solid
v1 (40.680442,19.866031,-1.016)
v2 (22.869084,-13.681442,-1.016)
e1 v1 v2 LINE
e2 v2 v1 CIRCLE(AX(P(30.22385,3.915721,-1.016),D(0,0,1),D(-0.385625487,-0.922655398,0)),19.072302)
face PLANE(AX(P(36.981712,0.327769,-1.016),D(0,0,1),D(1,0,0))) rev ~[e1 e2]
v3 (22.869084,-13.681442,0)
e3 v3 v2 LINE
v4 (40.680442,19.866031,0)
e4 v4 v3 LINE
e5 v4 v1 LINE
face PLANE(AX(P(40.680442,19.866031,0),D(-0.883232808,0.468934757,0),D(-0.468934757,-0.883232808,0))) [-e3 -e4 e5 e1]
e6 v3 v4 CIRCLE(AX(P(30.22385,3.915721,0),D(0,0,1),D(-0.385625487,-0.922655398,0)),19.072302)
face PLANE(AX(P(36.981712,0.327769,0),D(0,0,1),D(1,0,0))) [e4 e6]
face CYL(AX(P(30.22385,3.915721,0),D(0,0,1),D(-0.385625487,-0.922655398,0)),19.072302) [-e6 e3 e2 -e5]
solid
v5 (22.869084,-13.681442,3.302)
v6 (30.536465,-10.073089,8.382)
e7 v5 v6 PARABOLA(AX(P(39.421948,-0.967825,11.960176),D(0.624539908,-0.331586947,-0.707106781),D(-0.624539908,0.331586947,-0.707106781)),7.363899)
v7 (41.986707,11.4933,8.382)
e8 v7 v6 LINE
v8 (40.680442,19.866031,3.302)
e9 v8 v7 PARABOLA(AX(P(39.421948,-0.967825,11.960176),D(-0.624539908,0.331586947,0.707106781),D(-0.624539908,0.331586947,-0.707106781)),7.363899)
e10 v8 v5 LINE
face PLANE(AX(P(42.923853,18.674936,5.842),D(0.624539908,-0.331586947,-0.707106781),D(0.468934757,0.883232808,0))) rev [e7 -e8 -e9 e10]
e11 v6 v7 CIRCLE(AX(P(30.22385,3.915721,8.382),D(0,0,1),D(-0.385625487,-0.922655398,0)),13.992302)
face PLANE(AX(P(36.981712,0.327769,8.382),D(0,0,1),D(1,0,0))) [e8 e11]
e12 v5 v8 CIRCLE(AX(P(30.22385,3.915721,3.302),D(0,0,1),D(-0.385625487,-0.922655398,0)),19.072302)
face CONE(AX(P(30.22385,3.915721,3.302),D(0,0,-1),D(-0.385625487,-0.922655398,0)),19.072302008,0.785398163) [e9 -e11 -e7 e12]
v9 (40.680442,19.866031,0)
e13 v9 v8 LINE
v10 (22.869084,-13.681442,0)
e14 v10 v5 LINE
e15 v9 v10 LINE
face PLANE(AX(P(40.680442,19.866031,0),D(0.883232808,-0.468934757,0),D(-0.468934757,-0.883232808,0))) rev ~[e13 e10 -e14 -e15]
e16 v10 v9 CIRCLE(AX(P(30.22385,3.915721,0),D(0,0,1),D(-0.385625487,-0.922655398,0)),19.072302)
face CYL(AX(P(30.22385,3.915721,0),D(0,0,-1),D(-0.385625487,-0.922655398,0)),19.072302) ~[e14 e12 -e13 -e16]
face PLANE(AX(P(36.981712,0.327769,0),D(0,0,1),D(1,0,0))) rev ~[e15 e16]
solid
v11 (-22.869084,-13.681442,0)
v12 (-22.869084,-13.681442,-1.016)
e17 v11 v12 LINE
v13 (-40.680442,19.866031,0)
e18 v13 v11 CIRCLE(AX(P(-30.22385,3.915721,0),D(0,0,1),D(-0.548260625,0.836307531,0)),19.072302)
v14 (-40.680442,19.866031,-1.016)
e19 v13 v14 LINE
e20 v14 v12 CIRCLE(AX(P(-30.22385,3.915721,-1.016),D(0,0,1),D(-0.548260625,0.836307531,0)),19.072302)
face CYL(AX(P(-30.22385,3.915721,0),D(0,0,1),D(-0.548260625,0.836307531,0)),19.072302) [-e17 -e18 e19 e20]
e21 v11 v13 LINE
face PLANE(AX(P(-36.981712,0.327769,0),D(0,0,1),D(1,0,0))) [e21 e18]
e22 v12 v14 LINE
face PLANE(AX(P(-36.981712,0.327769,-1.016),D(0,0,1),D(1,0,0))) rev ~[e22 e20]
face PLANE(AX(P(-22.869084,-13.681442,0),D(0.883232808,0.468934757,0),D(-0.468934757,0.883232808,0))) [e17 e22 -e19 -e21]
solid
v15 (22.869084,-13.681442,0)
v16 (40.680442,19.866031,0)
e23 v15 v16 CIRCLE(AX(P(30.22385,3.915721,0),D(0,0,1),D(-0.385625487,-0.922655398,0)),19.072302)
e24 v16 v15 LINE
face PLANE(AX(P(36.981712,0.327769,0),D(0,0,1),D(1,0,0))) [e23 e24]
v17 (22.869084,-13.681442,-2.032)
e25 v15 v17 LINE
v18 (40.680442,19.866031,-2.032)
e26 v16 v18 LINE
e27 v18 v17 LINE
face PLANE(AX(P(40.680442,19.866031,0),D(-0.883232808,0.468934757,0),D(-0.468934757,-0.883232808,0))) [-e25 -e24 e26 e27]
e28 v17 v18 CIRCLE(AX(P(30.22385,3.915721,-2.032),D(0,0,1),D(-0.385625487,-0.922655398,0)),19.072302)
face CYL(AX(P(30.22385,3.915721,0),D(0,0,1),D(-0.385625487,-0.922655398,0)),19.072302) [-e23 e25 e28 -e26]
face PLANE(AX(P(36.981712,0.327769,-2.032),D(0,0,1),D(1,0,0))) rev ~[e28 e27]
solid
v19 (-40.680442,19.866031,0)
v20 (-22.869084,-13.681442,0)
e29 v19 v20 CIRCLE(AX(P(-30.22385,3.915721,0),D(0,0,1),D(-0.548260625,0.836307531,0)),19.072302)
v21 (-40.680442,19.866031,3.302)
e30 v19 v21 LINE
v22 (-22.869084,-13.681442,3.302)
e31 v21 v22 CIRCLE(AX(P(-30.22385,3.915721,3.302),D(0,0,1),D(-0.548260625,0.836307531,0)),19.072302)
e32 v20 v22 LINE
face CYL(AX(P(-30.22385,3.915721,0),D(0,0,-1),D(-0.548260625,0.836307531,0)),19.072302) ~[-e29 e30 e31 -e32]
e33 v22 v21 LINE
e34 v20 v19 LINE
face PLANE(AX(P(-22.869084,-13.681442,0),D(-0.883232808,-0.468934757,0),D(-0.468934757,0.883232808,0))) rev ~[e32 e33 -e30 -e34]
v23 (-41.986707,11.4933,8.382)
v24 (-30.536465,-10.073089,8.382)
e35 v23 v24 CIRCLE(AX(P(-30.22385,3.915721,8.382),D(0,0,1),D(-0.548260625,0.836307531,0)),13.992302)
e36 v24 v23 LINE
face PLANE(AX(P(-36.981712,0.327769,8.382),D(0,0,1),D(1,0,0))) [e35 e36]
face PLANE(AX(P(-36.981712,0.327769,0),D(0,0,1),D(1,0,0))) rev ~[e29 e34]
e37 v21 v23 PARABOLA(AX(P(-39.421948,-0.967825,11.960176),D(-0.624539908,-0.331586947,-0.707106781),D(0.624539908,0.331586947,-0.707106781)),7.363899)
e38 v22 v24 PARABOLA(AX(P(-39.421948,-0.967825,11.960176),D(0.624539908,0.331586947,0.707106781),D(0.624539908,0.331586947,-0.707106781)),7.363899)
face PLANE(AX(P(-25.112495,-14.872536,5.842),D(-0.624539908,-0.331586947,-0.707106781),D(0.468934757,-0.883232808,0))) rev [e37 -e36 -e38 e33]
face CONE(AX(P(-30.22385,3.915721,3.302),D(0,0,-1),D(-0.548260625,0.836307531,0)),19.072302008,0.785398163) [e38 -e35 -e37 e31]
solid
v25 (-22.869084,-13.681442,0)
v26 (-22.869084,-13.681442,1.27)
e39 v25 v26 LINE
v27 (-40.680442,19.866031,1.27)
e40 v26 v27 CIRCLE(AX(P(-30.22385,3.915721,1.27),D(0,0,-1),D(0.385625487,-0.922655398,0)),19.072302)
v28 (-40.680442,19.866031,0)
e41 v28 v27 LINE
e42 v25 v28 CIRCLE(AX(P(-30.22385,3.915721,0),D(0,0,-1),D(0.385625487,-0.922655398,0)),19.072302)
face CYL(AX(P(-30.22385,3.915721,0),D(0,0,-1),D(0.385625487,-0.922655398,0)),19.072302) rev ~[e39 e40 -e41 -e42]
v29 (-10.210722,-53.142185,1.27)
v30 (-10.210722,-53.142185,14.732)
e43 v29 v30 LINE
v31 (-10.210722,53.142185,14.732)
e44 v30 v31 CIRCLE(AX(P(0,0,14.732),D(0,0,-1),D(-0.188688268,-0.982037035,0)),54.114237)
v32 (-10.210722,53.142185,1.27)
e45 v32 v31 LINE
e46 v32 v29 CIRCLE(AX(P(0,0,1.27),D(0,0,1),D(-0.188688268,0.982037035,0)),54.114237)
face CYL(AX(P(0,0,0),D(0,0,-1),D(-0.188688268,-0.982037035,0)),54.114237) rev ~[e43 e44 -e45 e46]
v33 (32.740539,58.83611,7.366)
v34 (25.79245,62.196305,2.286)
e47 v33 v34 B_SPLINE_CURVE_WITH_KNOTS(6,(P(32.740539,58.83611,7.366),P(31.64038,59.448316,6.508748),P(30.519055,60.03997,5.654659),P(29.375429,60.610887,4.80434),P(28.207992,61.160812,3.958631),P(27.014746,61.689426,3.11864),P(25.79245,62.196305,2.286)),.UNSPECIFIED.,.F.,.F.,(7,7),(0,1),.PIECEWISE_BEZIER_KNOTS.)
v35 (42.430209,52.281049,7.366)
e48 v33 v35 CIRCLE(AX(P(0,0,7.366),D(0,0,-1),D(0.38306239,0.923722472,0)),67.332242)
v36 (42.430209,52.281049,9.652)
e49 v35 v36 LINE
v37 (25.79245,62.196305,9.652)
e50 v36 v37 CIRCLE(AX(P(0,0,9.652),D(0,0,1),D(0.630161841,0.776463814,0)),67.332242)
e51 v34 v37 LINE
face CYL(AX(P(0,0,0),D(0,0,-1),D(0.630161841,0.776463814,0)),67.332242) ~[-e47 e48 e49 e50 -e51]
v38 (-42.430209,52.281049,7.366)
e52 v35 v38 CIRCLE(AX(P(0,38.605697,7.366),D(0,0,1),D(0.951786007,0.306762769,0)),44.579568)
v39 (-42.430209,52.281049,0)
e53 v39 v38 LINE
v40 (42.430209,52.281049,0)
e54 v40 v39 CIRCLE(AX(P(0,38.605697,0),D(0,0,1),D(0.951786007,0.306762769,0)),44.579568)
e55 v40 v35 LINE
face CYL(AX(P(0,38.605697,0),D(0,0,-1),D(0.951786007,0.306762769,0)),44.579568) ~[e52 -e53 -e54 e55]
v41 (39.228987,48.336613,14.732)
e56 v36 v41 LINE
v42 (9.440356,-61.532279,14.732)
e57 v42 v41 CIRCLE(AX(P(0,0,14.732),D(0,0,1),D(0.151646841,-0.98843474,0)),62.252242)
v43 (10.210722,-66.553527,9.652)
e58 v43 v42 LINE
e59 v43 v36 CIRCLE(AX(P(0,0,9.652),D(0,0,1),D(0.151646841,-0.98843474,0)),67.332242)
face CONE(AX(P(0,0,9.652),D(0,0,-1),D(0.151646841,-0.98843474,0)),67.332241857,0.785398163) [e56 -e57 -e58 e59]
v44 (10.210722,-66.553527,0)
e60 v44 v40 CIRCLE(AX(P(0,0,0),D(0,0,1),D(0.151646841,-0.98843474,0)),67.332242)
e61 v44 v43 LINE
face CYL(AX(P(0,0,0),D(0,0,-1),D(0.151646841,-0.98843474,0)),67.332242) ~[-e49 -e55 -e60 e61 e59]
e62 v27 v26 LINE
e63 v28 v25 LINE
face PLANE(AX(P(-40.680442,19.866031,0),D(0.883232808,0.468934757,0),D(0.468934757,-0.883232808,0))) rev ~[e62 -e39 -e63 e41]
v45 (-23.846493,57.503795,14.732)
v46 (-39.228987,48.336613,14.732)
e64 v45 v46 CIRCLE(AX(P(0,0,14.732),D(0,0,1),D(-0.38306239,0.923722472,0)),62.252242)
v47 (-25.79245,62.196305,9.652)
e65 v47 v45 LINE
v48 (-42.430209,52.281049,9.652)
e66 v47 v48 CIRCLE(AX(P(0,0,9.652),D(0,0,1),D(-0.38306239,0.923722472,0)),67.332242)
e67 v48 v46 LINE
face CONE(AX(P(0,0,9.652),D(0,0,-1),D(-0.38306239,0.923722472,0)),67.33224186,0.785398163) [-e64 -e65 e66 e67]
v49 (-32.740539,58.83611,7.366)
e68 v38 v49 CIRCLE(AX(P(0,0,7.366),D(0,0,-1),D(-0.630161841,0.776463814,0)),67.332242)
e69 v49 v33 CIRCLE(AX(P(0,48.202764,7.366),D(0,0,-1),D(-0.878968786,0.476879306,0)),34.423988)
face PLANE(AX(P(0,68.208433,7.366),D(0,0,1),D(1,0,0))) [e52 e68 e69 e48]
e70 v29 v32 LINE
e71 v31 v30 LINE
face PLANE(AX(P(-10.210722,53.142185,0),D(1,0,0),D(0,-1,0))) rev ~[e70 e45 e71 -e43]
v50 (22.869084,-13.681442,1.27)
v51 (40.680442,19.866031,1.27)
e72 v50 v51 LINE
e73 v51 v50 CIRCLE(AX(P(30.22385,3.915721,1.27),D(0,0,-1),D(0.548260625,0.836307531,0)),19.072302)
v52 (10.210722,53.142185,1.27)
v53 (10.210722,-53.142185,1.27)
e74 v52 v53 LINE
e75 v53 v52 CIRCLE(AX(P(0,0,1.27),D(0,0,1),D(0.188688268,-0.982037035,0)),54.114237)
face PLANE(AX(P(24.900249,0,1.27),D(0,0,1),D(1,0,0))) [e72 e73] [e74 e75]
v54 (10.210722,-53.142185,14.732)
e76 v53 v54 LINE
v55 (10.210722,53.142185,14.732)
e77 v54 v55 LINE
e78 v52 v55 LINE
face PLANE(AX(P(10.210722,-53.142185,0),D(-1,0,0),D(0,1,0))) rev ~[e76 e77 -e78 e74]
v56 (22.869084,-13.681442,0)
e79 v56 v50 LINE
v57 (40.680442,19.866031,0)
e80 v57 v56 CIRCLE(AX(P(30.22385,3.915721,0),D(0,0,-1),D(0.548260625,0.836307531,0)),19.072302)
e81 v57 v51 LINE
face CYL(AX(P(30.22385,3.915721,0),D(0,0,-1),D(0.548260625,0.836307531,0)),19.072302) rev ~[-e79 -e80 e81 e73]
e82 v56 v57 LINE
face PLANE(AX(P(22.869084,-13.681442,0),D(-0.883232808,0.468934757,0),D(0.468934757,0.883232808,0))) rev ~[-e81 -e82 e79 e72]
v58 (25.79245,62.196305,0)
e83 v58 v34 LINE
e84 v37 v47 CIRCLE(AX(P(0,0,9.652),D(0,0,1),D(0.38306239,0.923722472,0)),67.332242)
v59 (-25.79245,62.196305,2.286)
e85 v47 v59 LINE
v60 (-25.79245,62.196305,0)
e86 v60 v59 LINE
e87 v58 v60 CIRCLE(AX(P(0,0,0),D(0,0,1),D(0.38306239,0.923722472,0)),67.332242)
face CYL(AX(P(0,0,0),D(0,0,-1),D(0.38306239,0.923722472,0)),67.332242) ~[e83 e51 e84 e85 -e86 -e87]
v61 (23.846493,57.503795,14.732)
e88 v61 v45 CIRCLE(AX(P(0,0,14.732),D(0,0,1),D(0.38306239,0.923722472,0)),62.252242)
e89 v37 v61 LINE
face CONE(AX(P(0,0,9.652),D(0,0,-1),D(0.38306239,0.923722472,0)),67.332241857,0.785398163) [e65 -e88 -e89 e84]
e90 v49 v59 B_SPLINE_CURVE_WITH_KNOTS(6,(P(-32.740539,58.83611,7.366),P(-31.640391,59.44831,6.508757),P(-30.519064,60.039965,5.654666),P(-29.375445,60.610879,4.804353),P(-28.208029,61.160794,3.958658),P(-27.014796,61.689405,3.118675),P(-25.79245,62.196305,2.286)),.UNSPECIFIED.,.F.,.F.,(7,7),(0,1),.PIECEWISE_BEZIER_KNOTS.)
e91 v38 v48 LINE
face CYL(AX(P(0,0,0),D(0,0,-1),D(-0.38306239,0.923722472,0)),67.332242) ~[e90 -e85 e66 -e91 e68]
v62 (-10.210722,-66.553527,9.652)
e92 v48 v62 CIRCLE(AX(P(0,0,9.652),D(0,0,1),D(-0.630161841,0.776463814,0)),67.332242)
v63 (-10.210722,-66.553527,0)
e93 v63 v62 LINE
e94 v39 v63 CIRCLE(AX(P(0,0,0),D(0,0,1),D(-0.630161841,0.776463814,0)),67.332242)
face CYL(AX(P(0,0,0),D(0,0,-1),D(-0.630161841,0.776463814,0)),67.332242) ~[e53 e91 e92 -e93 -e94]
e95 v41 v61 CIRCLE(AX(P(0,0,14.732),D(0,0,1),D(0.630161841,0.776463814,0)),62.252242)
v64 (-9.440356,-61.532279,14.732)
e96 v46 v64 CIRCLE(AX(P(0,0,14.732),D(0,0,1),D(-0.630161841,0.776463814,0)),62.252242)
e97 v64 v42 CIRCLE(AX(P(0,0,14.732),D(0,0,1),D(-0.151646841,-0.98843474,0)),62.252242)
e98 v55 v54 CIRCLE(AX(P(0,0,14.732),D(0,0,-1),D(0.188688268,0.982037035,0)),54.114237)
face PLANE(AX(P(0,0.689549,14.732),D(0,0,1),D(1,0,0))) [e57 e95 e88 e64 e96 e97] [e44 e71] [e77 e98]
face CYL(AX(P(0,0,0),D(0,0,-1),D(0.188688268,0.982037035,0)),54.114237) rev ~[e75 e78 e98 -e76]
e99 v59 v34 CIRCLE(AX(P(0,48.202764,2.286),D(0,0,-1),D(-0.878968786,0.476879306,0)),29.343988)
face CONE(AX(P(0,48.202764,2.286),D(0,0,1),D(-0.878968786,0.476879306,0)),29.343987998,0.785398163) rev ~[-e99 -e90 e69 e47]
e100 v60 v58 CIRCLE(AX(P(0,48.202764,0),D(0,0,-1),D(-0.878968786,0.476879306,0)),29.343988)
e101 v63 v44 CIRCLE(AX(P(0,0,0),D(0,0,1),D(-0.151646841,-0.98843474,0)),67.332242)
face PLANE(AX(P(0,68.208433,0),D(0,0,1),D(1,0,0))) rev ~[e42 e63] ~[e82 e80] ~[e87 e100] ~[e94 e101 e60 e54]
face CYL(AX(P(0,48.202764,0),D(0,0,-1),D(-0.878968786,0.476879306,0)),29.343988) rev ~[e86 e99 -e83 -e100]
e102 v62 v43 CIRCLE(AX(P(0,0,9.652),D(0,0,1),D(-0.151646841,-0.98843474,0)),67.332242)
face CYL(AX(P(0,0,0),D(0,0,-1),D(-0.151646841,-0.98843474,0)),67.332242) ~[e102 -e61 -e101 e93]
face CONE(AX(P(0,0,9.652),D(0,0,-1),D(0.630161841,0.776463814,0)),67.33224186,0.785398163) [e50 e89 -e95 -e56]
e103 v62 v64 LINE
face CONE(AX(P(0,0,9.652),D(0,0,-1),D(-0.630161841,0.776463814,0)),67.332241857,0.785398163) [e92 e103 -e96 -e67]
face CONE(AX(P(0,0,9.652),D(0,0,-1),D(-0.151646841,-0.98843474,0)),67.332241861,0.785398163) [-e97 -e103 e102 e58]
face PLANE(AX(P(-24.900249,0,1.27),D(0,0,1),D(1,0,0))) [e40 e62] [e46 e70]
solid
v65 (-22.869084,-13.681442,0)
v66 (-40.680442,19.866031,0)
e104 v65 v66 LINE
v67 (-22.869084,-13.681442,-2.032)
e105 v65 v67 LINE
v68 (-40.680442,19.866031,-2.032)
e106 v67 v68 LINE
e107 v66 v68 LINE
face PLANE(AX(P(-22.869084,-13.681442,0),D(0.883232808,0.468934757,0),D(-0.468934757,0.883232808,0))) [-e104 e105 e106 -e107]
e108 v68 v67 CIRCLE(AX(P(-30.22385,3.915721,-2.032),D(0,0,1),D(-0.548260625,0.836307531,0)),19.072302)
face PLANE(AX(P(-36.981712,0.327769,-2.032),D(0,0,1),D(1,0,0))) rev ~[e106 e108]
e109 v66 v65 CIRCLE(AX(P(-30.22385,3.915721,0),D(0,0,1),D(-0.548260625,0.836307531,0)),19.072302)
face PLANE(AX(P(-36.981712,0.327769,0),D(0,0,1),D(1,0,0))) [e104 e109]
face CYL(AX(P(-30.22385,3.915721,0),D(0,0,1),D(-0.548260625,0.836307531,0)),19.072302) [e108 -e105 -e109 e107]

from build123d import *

# Parameters (mm, degrees)
F1_DEPTH  = 14.732
F2_DEPTH  = 1.27
F3_DEPTH  = 2.032
F4_DEPTH  = 1.016
F5_DEPTH  = 8.382
F6_SIZE   = 5.08
F6_2_SIZE = 5.08
F7_SIZE   = 5.08
F8_DEPTH  = 7.366
F9_SIZE   = 5.08


with BuildPart() as f1:
    # F0 (on Top) → F1 (new body)
    with BuildSketch(Plane.XY):
        with BuildLine():
            ThreePointArc((10.2107217535, -66.5535269893), (51.0937451166, -43.8527080509), (67.3322418566, 0))
            ThreePointArc((67.3322418566, 0), (60.7887815244, 28.9543577759), (42.4302094544, 52.2810493305))
            ThreePointArc((42.4302094544, 52.2810493305), (34.46970949, 57.840037354), (25.7924495128, 62.1963048868))
            ThreePointArc((25.7924495128, 62.1963048868), (0, 67.3322418566), (-25.7924495128, 62.1963048868))
            ThreePointArc((-25.7924495128, 62.1963048868), (-34.46970949, 57.840037354), (-42.4302094544, 52.2810493305))
            ThreePointArc((-42.4302094544, 52.2810493305), (-64.9860065082, -17.6195843185), (-10.2107217535, -66.5535269893))
            ThreePointArc((-10.2107217535, -66.5535269893), (0, -67.3322418566), (10.2107217535, -66.5535269893))
        make_face()
        with BuildLine():
            ThreePointArc((-10.2107217535, -53.1421852332), (-54.1142374065, 0), (-10.2107217535, 53.1421852332))
            Line((-10.2107217535, 53.1421852332), (-10.2107217535, -53.1421852332))
        make_face(mode=Mode.SUBTRACT)
        with BuildLine():
            ThreePointArc((10.2107217535, 53.1421852332), (54.1142374065, 0), (10.2107217535, -53.1421852332))
            Line((10.2107217535, -53.1421852332), (10.2107217535, 53.1421852332))
        make_face(mode=Mode.SUBTRACT)
    extrude(amount=F1_DEPTH)

    # F0 (on Top) → F2 (join)
    with BuildSketch(Plane.XY):
        with BuildLine():
            Line((-10.2107217535, -53.1421852332), (-10.2107217535, 53.1421852332))
            ThreePointArc((-10.2107217535, 53.1421852332), (-54.1142374065, 0), (-10.2107217535, -53.1421852332))
        make_face()
        with BuildLine():
            Line((-40.6804420054, 19.8660306633), (-22.8690840304, -13.6814415455))
            ThreePointArc((-22.8690840304, -13.6814415455), (-47.0691326412, -5.0279444465), (-40.6804420054, 19.8660306633))
        make_face(mode=Mode.SUBTRACT)
        with BuildLine():
            Line((10.2107217535, 53.1421852332), (10.2107217535, -53.1421852332))
            ThreePointArc((10.2107217535, -53.1421852332), (54.1142374065, 0), (10.2107217535, 53.1421852332))
        make_face()
        with BuildLine():
            ThreePointArc((40.6804420054, 19.8660306633), (47.0691326412, -5.0279444465), (22.8690840304, -13.6814415455))
            Line((22.8690840304, -13.6814415455), (40.6804420054, 19.8660306633))
        make_face(mode=Mode.SUBTRACT)
    extrude(amount=F2_DEPTH)

    # F7
    f7_edges = [f1.edges().sort_by_distance(p)[0] for p in [
        (10.210722, 66.553527, 14.732),
    ]]
    chamfer(f7_edges, length=F7_SIZE)

    # F0 (on Top) → F8 (join)
    with BuildSketch(Plane.XY):
        with BuildLine():
            ThreePointArc((25.7924495128, 62.1963048868), (34.46970949, 57.840037354), (42.4302094544, 52.2810493305))
            ThreePointArc((42.4302094544, 52.2810493305), (0, 83.1852659045), (-42.4302094544, 52.2810493305))
            ThreePointArc((-42.4302094544, 52.2810493305), (-34.46970949, 57.840037354), (-25.7924495128, 62.1963048868))
            ThreePointArc((-25.7924495128, 62.1963048868), (0, 77.5467522408), (25.7924495128, 62.1963048868))
        make_face()
    extrude(amount=F8_DEPTH)

    # F9
    f9_edges = [f1.edges().sort_by_distance(p)[0] for p in [
        (0, 77.546752, 7.366),
    ]]
    chamfer(f9_edges, length=F9_SIZE)


with BuildPart() as f3:
    # F0 (on Top) → F3 (new body)
    with BuildSketch(Plane.XY):
        with BuildLine():
            ThreePointArc((-40.6804420054, 19.8660306633), (-47.0691326412, -5.0279444465), (-22.8690840304, -13.6814415455))
            Line((-22.8690840304, -13.6814415455), (-40.6804420054, 19.8660306633))
        make_face()
    extrude(amount=-F3_DEPTH)


with BuildPart() as f3b:
    # F0 (on Top) → F3, piece 2 (new body)
    with BuildSketch(Plane.XY):
        with BuildLine():
            Line((40.6804420054, 19.8660306633), (22.8690840304, -13.6814415455))
            ThreePointArc((22.8690840304, -13.6814415455), (47.0691326412, -5.0279444465), (40.6804420054, 19.8660306633))
        make_face()
    extrude(amount=-F3_DEPTH)


with BuildPart() as f4:
    # F0 (on Top) → F4 (new body)
    with BuildSketch(Plane.XY):
        with BuildLine():
            ThreePointArc((-40.6804420054, 19.8660306633), (-47.0691326412, -5.0279444465), (-22.8690840304, -13.6814415455))
            Line((-22.8690840304, -13.6814415455), (-40.6804420054, 19.8660306633))
        make_face()
    extrude(amount=-F4_DEPTH)


with BuildPart() as f4b:
    # F0 (on Top) → F4, piece 2 (new body)
    with BuildSketch(Plane.XY):
        with BuildLine():
            Line((40.6804420054, 19.8660306633), (22.8690840304, -13.6814415455))
            ThreePointArc((22.8690840304, -13.6814415455), (47.0691326412, -5.0279444465), (40.6804420054, 19.8660306633))
        make_face()
    extrude(amount=-F4_DEPTH)


with BuildPart() as f5:
    # F0 (on Top) → F5 (new body)
    with BuildSketch(Plane.XY):
        with BuildLine():
            Line((40.6804420054, 19.8660306633), (22.8690840304, -13.6814415455))
            ThreePointArc((22.8690840304, -13.6814415455), (47.0691326412, -5.0279444465), (40.6804420054, 19.8660306633))
        make_face()
    extrude(amount=F5_DEPTH)

    # F6#2
    f6_2_edges = [f5.edges().sort_by_distance(p)[0] for p in [
        (47.069133, -5.027944, 8.382),
        (31.774763, 3.092295, 8.382),
    ]]
    chamfer(f6_2_edges, length=F6_2_SIZE)


with BuildPart() as f5b:
    # F0 (on Top) → F5, piece 2 (new body)
    with BuildSketch(Plane.XY):
        with BuildLine():
            ThreePointArc((-40.6804420054, 19.8660306633), (-47.0691326412, -5.0279444465), (-22.8690840304, -13.6814415455))
            Line((-22.8690840304, -13.6814415455), (-40.6804420054, 19.8660306633))
        make_face()
    extrude(amount=F5_DEPTH)

    # F6
    f6_edges = [f5b.edges().sort_by_distance(p)[0] for p in [
        (-31.774763, 3.092295, 8.382),
        (-47.069133, -5.027944, 8.382),
    ]]
    chamfer(f6_edges, length=F6_SIZE)


solid = Compound([f1.part, f3.part, f3b.part, f4.part, f4b.part, f5.part, f5b.part])
